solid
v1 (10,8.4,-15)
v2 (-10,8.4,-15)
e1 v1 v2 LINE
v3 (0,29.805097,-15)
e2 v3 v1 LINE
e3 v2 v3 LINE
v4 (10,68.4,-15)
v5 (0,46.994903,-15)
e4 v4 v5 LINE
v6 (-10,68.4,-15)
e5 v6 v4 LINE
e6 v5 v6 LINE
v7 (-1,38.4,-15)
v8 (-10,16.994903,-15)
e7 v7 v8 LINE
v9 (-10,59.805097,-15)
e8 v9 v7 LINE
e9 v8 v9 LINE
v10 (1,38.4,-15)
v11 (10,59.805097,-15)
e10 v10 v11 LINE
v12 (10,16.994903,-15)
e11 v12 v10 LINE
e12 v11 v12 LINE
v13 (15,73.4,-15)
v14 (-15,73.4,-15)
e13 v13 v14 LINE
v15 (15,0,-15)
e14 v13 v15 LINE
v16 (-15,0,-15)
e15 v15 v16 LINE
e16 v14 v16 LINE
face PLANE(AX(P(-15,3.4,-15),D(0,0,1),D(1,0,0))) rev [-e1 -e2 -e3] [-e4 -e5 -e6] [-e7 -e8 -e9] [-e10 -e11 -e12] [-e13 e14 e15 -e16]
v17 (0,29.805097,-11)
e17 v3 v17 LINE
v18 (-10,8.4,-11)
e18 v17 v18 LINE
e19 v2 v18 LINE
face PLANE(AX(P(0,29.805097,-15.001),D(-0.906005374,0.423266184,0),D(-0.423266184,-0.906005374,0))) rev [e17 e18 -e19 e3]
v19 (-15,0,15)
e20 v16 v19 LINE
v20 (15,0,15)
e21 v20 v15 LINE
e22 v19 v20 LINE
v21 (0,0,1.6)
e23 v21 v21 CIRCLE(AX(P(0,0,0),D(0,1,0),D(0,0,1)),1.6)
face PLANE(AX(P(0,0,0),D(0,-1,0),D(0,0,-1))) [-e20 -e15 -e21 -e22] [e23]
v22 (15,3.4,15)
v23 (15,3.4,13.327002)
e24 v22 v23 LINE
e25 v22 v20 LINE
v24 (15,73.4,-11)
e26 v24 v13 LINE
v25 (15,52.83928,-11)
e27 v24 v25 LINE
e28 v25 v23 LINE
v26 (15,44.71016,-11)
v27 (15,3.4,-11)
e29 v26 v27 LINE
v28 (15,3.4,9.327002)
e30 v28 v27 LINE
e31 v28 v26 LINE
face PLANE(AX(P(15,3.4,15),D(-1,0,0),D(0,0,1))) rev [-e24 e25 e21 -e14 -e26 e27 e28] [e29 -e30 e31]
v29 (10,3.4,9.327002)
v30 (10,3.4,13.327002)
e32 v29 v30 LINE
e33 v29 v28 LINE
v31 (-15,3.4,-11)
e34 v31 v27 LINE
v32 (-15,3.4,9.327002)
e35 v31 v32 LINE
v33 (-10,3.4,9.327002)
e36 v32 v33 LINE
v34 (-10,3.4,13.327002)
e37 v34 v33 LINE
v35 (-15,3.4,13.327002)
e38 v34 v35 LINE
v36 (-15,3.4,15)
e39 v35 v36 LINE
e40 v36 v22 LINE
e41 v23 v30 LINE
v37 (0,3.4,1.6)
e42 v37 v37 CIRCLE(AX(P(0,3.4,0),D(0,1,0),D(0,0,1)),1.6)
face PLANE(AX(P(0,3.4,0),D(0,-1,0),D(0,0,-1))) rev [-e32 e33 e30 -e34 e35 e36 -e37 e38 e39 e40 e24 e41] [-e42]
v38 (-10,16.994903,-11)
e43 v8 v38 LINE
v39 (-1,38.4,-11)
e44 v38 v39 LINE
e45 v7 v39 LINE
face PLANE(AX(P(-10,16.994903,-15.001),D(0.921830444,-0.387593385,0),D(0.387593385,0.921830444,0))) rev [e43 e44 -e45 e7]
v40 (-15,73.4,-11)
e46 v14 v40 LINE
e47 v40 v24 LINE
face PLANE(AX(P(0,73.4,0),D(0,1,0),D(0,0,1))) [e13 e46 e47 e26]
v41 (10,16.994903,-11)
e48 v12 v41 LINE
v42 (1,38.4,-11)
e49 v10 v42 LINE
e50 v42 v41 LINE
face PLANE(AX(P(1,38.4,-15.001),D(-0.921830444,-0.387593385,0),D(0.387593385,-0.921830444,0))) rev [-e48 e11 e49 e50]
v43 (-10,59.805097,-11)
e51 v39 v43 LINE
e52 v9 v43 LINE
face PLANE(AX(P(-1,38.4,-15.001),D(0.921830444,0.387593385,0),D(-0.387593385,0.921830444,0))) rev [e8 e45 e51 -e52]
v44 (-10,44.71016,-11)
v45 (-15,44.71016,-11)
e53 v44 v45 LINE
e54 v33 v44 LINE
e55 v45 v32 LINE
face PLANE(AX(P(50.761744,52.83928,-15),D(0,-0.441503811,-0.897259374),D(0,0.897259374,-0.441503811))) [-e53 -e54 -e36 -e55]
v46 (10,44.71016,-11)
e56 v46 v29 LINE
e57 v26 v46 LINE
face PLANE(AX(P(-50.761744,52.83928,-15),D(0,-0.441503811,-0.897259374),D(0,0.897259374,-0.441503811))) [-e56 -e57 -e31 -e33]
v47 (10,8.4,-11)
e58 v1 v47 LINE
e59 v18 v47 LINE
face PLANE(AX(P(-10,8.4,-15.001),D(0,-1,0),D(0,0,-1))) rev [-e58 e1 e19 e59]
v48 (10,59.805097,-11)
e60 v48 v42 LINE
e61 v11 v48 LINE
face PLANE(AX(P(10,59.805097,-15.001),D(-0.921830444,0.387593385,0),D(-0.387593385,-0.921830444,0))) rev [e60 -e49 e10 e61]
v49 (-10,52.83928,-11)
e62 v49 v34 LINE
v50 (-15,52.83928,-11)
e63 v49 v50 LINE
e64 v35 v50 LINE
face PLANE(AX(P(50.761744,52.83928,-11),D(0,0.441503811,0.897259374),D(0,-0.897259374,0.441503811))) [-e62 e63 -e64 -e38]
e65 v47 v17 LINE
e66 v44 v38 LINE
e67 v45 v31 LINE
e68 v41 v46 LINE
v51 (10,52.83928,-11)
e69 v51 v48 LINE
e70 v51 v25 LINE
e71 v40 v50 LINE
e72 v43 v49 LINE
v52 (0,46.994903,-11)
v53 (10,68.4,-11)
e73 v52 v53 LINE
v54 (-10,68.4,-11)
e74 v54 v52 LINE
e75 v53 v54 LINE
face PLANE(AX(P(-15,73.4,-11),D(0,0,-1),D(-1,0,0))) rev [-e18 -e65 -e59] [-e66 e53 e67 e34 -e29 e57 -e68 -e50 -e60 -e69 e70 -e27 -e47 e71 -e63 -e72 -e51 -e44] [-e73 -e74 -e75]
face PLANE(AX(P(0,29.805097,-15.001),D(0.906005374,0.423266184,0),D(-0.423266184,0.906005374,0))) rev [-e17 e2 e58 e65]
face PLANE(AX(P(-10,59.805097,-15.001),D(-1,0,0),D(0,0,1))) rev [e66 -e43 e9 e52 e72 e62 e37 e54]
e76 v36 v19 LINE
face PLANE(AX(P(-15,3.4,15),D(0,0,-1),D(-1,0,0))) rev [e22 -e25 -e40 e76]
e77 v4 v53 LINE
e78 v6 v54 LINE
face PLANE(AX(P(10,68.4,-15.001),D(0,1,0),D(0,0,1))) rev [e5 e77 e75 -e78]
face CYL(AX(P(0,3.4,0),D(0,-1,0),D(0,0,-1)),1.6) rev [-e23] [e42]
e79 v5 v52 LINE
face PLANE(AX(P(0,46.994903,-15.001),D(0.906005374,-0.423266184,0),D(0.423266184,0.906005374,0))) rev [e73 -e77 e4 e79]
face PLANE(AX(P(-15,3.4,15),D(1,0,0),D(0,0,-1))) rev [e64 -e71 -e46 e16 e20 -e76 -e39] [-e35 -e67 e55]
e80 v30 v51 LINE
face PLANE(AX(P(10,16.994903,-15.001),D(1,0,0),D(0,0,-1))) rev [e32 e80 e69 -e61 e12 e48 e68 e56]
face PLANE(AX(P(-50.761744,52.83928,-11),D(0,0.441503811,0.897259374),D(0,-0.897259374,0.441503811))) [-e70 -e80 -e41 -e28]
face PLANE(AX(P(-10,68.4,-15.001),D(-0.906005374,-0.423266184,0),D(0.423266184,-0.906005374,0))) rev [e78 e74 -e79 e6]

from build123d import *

# Parameters (mm, degrees)
SKETCH1_W           = 30
SKETCH1_H           = 30
SKETCH1_R           = 1.6
BOSS_EXTRUDE1_DEPTH = 3.4
SKETCH2_W           = 30
SKETCH2_H           = 4
BOSS_EXTRUDE2_DEPTH = 70
CUT_EXTRUDE2_REACH  = 6
BOSS_EXTRUDE3_DEPTH = 5
BOSS_EXTRUDE4_DEPTH = 5


with BuildPart() as part:
    # Sketch1 → Boss-Extrude1 (new body)
    with BuildSketch(Plane(origin=(0, 0, 0), x_dir=(1, 0, 0), z_dir=(0, 1, 0))):
        Rectangle(SKETCH1_W, SKETCH1_H)
        Circle(SKETCH1_R, mode=Mode.SUBTRACT)
    extrude(amount=BOSS_EXTRUDE1_DEPTH)

    # Sketch2 → Boss-Extrude2 (add)
    with BuildSketch(Plane(origin=(0, 3.4, 0), x_dir=(1, 0, 0), z_dir=(0, 1, 0))):
        with Locations((0, 13)):
            Rectangle(SKETCH2_W, SKETCH2_H)
    extrude(amount=BOSS_EXTRUDE2_DEPTH)

    # Sketch3 → Cut-Extrude2 (cut, up to next)
    with BuildSketch(Plane.XY.offset(-11), mode=Mode.PRIVATE) as cut_extrude2_sk1:
        Polygon((1, 38.4), (10, 16.994902993), (10, 59.805097007), align=None)
    cut_extrude2_tool1 = extrude(cut_extrude2_sk1.sketch, amount=-CUT_EXTRUDE2_REACH, mode=Mode.PRIVATE) & part.part
    add(cut_extrude2_tool1.solids().sort_by_distance((7, 38.4, -11))[0], mode=Mode.SUBTRACT)
    # Sketch3 → Cut-Extrude2 (cut, up to next)
    with BuildSketch(Plane.XY.offset(-11), mode=Mode.PRIVATE) as cut_extrude2_sk2:
        Polygon((-1, 38.4), (-10, 59.805097007), (-10, 16.994902993), align=None)
    cut_extrude2_tool2 = extrude(cut_extrude2_sk2.sketch, amount=-CUT_EXTRUDE2_REACH, mode=Mode.PRIVATE) & part.part
    add(cut_extrude2_tool2.solids().sort_by_distance((-7, 38.4, -11))[0], mode=Mode.SUBTRACT)
    # Sketch3 → Cut-Extrude2 (cut, up to next)
    with BuildSketch(Plane.XY.offset(-11), mode=Mode.PRIVATE) as cut_extrude2_sk3:
        Polygon((-10, 68.4), (0, 46.994902993), (10, 68.4), align=None)
    cut_extrude2_tool3 = extrude(cut_extrude2_sk3.sketch, amount=-CUT_EXTRUDE2_REACH, mode=Mode.PRIVATE) & part.part
    add(cut_extrude2_tool3.solids().sort_by_distance((0, 61.264968, -11))[0], mode=Mode.SUBTRACT)
    # Sketch3 → Cut-Extrude2 (cut, up to next)
    with BuildSketch(Plane.XY.offset(-11), mode=Mode.PRIVATE) as cut_extrude2_sk4:
        Polygon((0, 29.805097007), (-10, 8.4), (10, 8.4), align=None)
    cut_extrude2_tool4 = extrude(cut_extrude2_sk4.sketch, amount=-CUT_EXTRUDE2_REACH, mode=Mode.PRIVATE) & part.part
    add(cut_extrude2_tool4.solids().sort_by_distance((0, 15.535032, -11))[0], mode=Mode.SUBTRACT)

    # Sketch4 → Boss-Extrude3 (add)
    with BuildSketch(Plane.ZY.offset(15)):
        Polygon((-15, 52.839280477), (-11, 52.839280477), (15, 0), (11, 0), align=None)
    extrude(amount=-BOSS_EXTRUDE3_DEPTH)

    # Sketch5 → Boss-Extrude4 (add)
    with BuildSketch(Plane(origin=(15, 0, 0), x_dir=(0, 0, -1), z_dir=(1, 0, 0))):
        Polygon((15, 52.839280477), (11, 52.839280477), (-15, 0), (-11, 0), align=None)
    extrude(amount=-BOSS_EXTRUDE4_DEPTH)


solid = part.part
